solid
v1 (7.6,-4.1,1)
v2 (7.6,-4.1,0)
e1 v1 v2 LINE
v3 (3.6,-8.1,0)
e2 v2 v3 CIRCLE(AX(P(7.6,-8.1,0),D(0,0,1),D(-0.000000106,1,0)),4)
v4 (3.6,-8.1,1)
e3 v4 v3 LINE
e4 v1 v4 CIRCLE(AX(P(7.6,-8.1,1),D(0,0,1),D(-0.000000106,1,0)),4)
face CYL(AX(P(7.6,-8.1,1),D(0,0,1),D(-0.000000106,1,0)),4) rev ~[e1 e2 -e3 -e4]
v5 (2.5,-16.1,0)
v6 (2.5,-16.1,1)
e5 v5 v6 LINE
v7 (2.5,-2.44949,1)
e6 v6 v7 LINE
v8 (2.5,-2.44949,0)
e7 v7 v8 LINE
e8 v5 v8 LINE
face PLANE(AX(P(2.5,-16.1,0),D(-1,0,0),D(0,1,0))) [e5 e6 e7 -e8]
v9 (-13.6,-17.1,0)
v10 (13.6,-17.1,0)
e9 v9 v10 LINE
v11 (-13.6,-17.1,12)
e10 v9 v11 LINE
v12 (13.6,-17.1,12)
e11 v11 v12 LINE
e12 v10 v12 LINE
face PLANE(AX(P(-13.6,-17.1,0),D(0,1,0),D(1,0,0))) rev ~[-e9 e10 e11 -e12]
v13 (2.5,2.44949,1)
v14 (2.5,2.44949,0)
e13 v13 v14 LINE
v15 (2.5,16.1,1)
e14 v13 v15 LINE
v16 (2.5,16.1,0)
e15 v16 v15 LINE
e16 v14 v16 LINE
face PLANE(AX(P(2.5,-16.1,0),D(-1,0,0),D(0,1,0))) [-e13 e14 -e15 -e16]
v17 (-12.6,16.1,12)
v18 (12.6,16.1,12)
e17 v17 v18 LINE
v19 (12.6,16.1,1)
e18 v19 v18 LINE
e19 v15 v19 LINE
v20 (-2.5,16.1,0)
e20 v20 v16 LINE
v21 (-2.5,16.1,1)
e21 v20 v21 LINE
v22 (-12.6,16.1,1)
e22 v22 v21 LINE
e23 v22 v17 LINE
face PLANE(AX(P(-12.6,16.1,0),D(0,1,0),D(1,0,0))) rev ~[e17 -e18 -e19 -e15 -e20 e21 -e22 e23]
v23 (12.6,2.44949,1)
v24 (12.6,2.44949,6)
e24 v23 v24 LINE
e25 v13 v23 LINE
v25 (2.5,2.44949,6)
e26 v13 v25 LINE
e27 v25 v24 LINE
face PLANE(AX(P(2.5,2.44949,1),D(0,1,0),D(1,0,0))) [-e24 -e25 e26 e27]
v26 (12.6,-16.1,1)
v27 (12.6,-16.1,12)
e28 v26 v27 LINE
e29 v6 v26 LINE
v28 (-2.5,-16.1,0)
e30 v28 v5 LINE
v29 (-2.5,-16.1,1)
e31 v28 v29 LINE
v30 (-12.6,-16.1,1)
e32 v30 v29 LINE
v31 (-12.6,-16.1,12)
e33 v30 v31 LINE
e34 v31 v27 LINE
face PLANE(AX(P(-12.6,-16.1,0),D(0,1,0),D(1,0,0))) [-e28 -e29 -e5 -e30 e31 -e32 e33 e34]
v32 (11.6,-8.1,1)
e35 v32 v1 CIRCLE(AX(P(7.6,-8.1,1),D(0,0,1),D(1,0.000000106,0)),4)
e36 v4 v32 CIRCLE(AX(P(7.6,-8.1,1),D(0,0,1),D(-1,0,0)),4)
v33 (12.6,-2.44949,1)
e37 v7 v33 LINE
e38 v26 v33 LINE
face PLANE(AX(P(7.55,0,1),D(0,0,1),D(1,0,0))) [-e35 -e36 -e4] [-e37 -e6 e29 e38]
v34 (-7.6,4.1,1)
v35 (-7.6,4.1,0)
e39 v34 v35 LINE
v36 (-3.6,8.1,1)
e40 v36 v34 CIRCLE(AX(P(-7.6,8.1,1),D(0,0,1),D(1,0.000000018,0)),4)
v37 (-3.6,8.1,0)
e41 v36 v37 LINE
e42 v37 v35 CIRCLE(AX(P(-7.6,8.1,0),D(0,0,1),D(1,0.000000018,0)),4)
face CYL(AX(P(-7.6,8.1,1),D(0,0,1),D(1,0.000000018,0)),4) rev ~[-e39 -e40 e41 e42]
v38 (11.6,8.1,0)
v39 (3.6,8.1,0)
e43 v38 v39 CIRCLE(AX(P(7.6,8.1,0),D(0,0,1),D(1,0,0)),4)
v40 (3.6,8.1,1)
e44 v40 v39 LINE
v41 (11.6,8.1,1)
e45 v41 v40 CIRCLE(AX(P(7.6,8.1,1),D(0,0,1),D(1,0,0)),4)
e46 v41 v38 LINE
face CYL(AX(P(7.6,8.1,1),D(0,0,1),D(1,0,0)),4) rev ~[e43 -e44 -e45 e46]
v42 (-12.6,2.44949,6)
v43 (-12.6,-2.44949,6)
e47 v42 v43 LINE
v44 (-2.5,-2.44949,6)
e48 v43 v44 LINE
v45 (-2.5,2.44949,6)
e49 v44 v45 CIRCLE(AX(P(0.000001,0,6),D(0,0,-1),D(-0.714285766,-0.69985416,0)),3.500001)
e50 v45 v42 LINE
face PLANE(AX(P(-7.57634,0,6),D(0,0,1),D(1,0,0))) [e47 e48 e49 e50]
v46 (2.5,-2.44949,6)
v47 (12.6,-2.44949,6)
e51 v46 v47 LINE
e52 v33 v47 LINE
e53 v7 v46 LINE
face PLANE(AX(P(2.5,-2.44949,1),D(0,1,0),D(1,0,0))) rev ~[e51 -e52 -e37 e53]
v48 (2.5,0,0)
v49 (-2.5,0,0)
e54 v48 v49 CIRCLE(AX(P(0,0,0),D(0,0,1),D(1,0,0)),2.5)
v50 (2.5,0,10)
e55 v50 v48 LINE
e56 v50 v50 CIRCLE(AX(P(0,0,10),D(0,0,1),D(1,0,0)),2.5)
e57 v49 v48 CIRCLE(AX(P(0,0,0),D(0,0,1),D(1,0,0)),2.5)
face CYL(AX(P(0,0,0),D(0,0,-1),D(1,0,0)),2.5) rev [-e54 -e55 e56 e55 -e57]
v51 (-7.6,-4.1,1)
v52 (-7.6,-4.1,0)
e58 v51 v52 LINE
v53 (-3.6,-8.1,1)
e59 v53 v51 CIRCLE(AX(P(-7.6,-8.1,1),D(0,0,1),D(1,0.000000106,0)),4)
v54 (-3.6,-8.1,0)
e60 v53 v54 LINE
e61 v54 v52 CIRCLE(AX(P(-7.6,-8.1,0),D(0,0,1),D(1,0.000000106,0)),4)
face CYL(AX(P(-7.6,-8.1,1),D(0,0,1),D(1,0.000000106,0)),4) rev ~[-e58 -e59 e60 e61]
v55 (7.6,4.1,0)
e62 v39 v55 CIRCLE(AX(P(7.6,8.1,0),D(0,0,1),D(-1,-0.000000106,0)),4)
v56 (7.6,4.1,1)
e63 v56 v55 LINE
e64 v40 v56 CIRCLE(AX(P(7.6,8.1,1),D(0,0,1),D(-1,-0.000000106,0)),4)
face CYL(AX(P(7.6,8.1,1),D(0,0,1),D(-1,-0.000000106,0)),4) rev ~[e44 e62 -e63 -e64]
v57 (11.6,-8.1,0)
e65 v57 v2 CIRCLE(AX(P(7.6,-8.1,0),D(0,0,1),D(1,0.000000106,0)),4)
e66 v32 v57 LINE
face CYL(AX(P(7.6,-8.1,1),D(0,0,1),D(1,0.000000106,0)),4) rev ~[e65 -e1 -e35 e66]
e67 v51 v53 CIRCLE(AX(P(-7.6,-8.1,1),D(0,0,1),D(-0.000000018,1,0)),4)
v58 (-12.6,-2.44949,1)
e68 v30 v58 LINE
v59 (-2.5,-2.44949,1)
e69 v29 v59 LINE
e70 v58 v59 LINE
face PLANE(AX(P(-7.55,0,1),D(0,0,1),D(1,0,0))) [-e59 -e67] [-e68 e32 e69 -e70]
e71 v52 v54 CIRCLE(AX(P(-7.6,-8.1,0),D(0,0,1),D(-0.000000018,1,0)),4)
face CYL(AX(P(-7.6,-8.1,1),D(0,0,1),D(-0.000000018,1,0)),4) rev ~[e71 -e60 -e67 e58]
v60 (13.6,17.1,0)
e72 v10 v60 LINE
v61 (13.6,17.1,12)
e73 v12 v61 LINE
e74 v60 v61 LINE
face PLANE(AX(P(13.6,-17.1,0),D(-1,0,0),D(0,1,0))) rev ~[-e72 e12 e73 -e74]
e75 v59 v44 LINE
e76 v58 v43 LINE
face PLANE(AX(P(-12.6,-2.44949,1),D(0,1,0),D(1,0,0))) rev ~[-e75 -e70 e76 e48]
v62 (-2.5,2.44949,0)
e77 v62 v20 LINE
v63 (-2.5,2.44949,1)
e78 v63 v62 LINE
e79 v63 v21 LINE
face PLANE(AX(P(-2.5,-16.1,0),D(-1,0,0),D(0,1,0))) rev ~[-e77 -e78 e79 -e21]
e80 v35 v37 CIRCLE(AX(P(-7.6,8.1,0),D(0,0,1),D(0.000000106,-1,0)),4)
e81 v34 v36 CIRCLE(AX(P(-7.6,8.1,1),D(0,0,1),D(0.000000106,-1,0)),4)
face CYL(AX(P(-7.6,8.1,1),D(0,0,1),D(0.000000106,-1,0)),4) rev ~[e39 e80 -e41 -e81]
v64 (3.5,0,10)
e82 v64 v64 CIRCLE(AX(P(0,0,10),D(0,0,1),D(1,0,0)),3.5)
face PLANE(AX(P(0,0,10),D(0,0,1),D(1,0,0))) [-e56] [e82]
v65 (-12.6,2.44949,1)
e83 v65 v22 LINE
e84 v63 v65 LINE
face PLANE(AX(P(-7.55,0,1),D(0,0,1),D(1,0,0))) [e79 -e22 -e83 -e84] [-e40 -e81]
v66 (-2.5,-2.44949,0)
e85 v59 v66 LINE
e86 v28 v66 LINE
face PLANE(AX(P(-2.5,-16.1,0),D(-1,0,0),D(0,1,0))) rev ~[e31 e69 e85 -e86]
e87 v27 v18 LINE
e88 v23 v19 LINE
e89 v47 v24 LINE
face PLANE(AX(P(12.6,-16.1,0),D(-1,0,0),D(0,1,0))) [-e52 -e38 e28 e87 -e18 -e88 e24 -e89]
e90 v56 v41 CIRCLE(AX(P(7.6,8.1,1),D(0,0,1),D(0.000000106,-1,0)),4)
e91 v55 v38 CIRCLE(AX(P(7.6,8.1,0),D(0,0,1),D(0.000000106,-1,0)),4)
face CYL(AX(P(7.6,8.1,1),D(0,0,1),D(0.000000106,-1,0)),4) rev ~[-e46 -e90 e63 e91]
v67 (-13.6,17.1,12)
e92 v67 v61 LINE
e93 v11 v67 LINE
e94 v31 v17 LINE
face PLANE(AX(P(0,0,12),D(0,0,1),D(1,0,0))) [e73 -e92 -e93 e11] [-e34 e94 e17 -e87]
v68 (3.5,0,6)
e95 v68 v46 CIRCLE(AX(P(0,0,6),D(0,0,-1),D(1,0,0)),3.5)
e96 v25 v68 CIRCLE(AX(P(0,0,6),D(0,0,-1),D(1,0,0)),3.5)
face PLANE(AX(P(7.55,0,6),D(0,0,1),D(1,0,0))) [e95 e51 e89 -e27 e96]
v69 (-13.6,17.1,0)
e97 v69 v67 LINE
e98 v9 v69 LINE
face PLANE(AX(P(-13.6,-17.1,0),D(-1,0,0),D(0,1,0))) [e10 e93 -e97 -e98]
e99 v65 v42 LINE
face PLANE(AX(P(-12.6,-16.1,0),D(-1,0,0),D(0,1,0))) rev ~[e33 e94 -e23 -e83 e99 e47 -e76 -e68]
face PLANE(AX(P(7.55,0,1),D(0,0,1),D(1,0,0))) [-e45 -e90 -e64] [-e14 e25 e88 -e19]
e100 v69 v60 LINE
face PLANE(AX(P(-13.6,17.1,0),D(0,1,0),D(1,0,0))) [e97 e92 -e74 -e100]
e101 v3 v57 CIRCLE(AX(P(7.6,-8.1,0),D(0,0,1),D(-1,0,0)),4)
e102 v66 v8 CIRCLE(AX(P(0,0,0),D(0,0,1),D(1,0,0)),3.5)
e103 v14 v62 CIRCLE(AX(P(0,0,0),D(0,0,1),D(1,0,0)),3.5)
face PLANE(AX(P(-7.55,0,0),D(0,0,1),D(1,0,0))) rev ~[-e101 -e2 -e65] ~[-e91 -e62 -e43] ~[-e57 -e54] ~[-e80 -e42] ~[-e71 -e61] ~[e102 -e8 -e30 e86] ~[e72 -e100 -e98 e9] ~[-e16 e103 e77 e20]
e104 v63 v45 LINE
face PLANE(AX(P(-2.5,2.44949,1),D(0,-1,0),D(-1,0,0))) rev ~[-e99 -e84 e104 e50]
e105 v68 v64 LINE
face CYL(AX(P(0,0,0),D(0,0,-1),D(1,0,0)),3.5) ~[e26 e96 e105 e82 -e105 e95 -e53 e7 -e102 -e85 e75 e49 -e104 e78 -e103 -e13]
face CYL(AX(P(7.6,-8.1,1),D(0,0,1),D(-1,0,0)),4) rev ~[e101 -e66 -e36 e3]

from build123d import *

# Parameters (mm, degrees)
F0_W     = 27.2
F0_H     = 34.2
F0_W_2   = 25.2
F0_H_2   = 32.2
F1_DEPTH = 12
F2_W     = 10.1
F2_H     = 32.2
F3_DEPTH = 1
F4_R     = 3.5
F4_R_2   = 2.5
F5_DEPTH = 10
F7_DEPTH = 25.4
F8_W     = 10.1
F8_H     = 4.89898
F9_DEPTH = 5


with BuildPart() as f1:
    # F0 (on Top) → F1 (new body)
    with BuildSketch(Plane.XY):
        Rectangle(F0_W, F0_H)
        Rectangle(F0_W_2, F0_H_2, mode=Mode.SUBTRACT)
    extrude(amount=F1_DEPTH)

    # F2 (on Top) → F3 (join)
    with BuildSketch(Plane.XY):
        with Locations((-7.55, 0)):
            Rectangle(F2_W, F2_H)
        with Locations((7.55, 0)):
            Rectangle(F2_W, F2_H)
    extrude(amount=F3_DEPTH)

    # F4 (on Top) → F5 (join)
    with BuildSketch(Plane.XY):
        Circle(F4_R)
        Circle(F4_R_2, mode=Mode.SUBTRACT)
    extrude(amount=F5_DEPTH)

    # F6 (on face) → F7 (cut)
    with BuildSketch(Plane.XY.offset(1)):
        with BuildLine():
            Line((-7.6, 4.1), (-7.6, 8.1))
            Line((-7.6, 8.1), (-3.6, 8.1))
            ThreePointArc((-3.6, 8.1), (-10.428427, 10.928427), (-7.6, 4.1))
        make_face()
        with BuildLine():
            ThreePointArc((11.6, 8.1), (7.6, 12.1), (3.6, 8.1))
            Line((3.6, 8.1), (7.6, 8.1))
            Line((7.6, 8.1), (7.6, 4.1))
            ThreePointArc((7.6, 4.1), (10.428427, 5.271573), (11.6, 8.1))
        make_face()
        with BuildLine():
            Line((7.6, 8.1), (3.6, 8.1))
            ThreePointArc((3.6, 8.1), (4.771573, 5.271573), (7.6, 4.1))
            Line((7.6, 4.1), (7.6, 8.1))
        make_face()
        with BuildLine():
            Line((-3.6, 8.1), (-7.6, 8.1))
            Line((-7.6, 8.1), (-7.6, 4.1))
            ThreePointArc((-7.6, 4.1), (-4.771573, 5.271573), (-3.6, 8.1))
        make_face()
        with BuildLine():
            Line((-7.6, -8.1), (-7.6, -4.1))
            ThreePointArc((-7.6, -4.1), (-10.428427, -10.928427), (-3.6, -8.1))
            Line((-3.6, -8.1), (-7.6, -8.1))
        make_face()
        with BuildLine():
            ThreePointArc((-3.6, -8.1), (-4.771573, -5.271573), (-7.6, -4.1))
            Line((-7.6, -4.1), (-7.6, -8.1))
            Line((-7.6, -8.1), (-3.6, -8.1))
        make_face()
        with BuildLine():
            ThreePointArc((11.6, -8.1), (10.428427, -5.271573), (7.6, -4.1))
            Line((7.6, -4.1), (7.6, -8.1))
            Line((7.6, -8.1), (3.6, -8.1))
            ThreePointArc((3.6, -8.1), (7.6, -12.1), (11.6, -8.1))
        make_face()
        with BuildLine():
            Line((7.6, -8.1), (7.6, -4.1))
            ThreePointArc((7.6, -4.1), (4.771573, -5.271573), (3.6, -8.1))
            Line((3.6, -8.1), (7.6, -8.1))
        make_face()
    extrude(amount=-F7_DEPTH, mode=Mode.SUBTRACT)

    # F8 (on face) → F9 (join)
    with BuildSketch(Plane.XY.offset(1)):
        with BuildLine():
            Line((-12.6, 2.44949), (-12.6, -2.44949))
            Line((-12.6, -2.44949), (-2.5, -2.44949))
            ThreePointArc((-2.5, -2.44949), (-3.5, 0), (-2.5, 2.44949))
            Line((-2.5, 2.44949), (-12.6, 2.44949))
        make_face()
        with Locations((7.55, 0)):
            Rectangle(F8_W, F8_H)
    extrude(amount=F9_DEPTH)


solid = f1.part
